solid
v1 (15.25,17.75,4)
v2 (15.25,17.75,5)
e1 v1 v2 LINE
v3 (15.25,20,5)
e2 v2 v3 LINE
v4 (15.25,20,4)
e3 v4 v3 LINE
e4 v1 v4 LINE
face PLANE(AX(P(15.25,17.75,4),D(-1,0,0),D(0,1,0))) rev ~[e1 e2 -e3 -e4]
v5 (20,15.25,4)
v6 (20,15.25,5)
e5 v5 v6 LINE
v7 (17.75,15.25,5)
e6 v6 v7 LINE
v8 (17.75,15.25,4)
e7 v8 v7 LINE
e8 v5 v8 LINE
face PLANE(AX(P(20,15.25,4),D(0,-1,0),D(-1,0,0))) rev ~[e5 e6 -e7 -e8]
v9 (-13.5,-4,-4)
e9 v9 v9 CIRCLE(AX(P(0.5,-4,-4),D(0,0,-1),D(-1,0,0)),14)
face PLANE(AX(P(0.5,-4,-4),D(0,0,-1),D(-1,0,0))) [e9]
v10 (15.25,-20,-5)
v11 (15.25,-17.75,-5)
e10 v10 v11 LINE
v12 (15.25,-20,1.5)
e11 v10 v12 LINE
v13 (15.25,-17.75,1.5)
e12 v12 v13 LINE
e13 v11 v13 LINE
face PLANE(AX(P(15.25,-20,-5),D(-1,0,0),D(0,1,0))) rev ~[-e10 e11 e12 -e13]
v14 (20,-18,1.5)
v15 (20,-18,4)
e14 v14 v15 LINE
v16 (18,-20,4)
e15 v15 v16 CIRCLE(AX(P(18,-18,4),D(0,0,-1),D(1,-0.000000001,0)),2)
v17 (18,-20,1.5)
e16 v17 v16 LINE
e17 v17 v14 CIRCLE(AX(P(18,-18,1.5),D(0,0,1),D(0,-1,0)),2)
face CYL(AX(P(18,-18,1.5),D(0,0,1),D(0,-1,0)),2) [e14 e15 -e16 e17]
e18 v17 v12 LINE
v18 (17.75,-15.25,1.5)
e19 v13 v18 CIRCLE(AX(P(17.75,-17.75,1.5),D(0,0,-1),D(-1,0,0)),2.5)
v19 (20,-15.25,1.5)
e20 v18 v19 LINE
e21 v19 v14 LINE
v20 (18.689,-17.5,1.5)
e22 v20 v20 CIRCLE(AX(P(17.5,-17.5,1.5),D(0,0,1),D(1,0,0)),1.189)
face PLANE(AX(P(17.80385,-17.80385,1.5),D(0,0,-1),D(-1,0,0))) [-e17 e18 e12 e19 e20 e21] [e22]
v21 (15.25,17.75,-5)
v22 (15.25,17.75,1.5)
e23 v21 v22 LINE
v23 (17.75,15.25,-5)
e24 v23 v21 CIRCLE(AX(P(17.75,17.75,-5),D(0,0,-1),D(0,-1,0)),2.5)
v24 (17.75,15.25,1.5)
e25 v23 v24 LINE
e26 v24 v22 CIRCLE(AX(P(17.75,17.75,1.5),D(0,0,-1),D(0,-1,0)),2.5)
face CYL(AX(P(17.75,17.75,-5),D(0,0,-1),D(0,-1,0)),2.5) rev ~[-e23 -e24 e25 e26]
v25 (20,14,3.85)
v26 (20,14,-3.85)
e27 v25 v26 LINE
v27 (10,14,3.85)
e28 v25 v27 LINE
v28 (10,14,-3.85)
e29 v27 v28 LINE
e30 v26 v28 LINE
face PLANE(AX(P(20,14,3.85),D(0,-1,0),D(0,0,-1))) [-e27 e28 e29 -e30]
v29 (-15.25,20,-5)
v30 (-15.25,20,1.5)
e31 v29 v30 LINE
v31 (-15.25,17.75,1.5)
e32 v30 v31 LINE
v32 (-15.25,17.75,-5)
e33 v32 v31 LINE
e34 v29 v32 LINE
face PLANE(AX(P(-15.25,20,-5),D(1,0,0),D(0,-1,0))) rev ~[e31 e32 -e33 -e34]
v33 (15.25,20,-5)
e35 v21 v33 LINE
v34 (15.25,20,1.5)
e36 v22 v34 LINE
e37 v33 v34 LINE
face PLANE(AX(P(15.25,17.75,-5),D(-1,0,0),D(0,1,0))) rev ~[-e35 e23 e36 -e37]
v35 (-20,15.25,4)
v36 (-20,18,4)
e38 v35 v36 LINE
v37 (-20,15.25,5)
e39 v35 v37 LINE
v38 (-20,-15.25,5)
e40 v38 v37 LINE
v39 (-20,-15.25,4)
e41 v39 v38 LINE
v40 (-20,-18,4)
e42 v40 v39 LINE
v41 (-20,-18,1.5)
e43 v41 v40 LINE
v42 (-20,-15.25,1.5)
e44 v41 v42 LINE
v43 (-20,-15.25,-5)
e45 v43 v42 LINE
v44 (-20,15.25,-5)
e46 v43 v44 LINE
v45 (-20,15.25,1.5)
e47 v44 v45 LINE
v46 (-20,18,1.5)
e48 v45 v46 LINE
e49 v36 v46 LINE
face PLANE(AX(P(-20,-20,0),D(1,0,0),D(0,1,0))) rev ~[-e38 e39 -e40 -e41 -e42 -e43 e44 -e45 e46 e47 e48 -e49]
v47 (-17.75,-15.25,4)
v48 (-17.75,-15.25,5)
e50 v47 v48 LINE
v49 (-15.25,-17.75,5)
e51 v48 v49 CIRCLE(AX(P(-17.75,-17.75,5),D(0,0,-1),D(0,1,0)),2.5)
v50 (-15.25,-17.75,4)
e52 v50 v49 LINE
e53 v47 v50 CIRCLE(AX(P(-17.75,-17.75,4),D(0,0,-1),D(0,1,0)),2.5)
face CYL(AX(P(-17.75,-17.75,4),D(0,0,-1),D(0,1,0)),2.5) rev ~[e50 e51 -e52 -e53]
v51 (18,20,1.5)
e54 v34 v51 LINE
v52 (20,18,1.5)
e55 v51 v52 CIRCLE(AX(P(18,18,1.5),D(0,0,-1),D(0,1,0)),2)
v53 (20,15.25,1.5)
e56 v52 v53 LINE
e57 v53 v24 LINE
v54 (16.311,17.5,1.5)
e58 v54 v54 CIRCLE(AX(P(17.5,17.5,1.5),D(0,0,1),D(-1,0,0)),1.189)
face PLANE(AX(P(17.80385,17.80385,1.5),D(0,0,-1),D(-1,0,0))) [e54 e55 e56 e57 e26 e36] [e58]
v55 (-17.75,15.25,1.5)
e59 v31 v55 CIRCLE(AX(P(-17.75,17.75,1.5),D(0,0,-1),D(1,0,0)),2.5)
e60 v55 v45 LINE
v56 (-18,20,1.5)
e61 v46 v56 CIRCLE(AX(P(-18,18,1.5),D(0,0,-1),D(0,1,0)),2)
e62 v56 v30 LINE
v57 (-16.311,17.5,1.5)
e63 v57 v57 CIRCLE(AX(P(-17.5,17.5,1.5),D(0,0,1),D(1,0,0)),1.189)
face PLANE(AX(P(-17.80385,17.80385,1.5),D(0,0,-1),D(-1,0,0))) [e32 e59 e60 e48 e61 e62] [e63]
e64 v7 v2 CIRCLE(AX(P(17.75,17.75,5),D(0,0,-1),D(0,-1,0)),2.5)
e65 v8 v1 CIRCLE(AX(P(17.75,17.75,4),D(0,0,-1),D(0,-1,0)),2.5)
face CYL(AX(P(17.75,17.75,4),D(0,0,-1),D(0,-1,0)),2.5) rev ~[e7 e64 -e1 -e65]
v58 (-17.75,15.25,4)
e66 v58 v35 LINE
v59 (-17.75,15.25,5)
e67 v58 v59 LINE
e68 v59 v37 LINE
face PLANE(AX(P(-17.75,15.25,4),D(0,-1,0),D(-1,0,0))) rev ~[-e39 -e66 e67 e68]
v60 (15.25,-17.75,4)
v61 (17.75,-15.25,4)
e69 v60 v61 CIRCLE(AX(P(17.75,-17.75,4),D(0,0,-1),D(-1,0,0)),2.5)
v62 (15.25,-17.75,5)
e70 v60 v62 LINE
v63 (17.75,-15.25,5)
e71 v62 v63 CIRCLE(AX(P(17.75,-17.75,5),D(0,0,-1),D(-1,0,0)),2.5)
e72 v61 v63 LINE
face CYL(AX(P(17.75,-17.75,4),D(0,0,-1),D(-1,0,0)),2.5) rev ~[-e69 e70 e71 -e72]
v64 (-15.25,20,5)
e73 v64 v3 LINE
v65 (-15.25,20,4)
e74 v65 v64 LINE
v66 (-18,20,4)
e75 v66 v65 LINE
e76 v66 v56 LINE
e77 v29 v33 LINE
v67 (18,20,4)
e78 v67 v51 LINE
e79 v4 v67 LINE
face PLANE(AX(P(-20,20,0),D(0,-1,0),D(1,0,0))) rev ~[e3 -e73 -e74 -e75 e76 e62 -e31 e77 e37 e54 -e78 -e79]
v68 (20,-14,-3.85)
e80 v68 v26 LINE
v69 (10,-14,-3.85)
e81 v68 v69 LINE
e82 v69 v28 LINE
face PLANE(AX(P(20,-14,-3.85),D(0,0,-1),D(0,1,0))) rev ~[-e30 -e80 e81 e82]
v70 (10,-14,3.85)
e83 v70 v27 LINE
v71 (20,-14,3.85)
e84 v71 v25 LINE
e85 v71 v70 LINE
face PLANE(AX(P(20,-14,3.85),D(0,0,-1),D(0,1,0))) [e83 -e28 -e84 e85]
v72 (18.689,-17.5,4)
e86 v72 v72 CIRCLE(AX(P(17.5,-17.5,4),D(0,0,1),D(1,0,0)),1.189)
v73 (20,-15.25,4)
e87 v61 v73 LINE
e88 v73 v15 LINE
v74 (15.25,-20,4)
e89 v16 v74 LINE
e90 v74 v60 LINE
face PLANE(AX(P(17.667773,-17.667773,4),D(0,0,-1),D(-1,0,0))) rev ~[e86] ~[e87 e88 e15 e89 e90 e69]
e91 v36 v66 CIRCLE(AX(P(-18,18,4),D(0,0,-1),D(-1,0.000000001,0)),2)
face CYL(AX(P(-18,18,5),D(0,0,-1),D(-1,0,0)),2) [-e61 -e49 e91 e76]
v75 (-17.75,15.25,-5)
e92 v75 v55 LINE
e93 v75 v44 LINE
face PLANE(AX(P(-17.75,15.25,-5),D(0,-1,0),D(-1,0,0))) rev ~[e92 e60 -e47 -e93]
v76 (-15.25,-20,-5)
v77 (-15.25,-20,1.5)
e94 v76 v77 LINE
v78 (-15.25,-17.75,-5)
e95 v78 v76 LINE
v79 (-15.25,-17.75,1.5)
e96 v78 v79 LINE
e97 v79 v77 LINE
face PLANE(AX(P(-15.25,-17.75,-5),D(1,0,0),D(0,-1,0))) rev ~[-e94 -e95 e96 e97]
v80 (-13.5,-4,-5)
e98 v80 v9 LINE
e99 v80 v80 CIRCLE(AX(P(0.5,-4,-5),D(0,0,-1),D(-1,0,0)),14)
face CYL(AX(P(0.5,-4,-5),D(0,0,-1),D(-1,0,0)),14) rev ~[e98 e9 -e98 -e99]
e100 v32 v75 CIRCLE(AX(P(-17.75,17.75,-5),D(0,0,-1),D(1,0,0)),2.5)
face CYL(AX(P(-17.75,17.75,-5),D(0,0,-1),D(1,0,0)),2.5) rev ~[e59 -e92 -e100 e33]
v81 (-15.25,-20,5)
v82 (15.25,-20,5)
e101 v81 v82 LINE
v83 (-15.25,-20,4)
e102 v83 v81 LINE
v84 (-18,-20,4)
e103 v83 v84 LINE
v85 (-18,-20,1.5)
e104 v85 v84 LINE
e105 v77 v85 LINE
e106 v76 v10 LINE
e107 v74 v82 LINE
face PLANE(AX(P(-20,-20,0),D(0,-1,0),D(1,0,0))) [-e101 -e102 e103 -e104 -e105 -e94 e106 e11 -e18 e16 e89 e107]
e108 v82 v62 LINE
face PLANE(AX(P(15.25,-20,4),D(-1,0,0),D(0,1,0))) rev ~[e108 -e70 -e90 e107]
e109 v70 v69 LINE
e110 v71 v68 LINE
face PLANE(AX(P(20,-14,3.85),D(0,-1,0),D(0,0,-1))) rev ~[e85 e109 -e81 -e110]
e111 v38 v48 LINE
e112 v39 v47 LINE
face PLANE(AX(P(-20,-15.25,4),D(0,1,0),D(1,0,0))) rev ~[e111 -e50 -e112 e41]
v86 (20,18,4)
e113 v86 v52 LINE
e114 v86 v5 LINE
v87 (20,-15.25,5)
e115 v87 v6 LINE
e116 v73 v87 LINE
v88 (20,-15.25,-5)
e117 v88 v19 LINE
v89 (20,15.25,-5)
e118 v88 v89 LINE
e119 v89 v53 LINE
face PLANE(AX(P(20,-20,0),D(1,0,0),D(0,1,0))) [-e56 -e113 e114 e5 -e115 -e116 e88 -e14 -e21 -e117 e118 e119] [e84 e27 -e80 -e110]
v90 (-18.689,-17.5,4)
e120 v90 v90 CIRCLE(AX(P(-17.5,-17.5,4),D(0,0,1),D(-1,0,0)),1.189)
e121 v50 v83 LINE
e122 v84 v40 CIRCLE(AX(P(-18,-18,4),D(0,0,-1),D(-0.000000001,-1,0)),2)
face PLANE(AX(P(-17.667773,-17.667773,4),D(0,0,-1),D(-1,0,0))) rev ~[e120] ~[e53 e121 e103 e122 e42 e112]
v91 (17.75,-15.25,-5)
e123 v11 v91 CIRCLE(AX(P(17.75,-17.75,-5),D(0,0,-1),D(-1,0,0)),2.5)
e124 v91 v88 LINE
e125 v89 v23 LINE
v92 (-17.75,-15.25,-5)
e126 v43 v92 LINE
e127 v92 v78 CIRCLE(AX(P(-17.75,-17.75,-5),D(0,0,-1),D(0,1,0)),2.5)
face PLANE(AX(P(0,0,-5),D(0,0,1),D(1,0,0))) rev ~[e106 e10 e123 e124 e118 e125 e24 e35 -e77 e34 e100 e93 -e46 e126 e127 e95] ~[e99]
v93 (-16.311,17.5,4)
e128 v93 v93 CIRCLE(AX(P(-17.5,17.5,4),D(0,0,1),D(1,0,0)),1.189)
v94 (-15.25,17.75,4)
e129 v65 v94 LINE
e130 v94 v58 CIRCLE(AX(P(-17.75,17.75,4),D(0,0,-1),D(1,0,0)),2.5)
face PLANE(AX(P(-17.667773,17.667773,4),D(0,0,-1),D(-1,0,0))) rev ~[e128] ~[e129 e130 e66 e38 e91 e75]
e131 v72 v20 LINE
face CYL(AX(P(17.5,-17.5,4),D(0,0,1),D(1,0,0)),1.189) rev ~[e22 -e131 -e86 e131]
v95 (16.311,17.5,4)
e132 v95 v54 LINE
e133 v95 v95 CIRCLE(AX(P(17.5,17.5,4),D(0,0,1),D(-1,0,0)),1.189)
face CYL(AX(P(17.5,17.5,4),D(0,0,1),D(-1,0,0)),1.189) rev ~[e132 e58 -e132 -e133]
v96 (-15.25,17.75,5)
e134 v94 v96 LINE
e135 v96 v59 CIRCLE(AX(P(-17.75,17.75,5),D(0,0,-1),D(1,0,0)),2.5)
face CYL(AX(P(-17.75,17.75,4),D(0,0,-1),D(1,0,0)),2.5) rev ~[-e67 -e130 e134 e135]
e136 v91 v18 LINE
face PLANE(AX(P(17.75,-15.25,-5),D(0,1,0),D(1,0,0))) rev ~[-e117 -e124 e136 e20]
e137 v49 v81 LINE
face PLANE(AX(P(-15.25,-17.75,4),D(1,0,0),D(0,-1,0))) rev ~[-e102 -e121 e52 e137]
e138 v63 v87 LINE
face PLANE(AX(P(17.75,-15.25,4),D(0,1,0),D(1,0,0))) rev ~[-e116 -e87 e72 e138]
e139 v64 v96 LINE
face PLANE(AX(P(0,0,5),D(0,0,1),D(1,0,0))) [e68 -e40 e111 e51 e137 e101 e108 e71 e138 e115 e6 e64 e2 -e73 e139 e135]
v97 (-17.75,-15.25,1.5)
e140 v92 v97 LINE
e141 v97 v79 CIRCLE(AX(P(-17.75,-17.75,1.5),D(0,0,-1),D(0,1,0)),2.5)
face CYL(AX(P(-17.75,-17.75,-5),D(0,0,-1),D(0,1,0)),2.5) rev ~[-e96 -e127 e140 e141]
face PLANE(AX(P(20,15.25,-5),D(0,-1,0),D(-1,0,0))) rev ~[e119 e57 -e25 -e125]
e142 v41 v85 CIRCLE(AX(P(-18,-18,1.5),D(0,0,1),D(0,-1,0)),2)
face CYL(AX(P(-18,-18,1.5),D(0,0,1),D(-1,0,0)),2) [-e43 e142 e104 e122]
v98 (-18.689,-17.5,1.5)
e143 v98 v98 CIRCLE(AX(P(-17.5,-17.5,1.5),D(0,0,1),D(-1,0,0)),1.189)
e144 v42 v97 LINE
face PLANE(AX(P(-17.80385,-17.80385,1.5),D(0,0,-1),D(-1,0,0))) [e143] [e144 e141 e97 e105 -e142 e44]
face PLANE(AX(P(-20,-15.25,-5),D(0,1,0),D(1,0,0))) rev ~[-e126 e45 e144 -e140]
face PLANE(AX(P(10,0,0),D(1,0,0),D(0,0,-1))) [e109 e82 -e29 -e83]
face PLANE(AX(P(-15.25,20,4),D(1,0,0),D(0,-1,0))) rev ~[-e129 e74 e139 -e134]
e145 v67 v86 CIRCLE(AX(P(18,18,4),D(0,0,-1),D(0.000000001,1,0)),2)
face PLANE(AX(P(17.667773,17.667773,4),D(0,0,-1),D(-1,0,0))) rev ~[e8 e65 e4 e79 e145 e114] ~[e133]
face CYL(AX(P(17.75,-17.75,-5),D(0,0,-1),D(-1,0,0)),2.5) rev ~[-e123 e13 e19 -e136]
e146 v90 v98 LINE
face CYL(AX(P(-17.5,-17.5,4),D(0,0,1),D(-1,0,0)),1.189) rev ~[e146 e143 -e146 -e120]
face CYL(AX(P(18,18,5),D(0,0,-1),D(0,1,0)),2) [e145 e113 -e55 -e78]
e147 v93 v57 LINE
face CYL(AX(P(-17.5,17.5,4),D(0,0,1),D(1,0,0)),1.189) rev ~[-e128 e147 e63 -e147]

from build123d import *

# Parameters (mm, degrees)
SKETCH_1_W          = 40
SKETCH_1_H          = 40
EXTRUDE_1_DEPTH     = 5
SKETCH_2_W          = 7.7
SKETCH_2_H          = 28
CUT_EXTRUDE_1_DEPTH = 10
CUT_EXTRUDE_2_DEPTH = 6.5
FILLET_1_R          = 2
CUT_EXTRUDE_START   = -1
CUT_EXTRUDE_3_DEPTH = 1
CUT_EXTRUDE_4_REACH = 31.682
SKETCH_5_R          = 1.189
SKETCH_6_R          = 14
CUT_EXTRUDE_5_DEPTH = 1


with BuildPart() as part:
    # 草图1 → 凸台-拉伸1 (new, symmetric)
    with BuildSketch(Plane.XY):
        Rectangle(SKETCH_1_W, SKETCH_1_H)
    extrude(amount=EXTRUDE_1_DEPTH, both=True)

    # 草图2 → 切除-拉伸1 (cut)
    with BuildSketch(Plane(origin=(20, 0, 0), x_dir=(0, 0, -1), z_dir=(1, 0, 0))):
        Rectangle(SKETCH_2_W, SKETCH_2_H)
    extrude(amount=-CUT_EXTRUDE_1_DEPTH, mode=Mode.SUBTRACT)

    # 草图3 → 切除-拉伸2 (cut)
    with BuildSketch(Plane(origin=(0, 0, -5), x_dir=(-1, 0, 0), z_dir=(0, 0, -1))):
        with BuildLine():
            Line((20, 20), (15.25, 20))
            Line((15.25, 20), (15.25, 17.75))
            ThreePointArc((15.25, 17.75), (15.982233047, 15.982233047), (17.75, 15.25))
            Line((17.75, 15.25), (20, 15.25))
            Line((20, 15.25), (20, 20))
        make_face()
        with BuildLine():
            Line((20, -20), (20, -15.25))
            Line((20, -15.25), (17.75, -15.25))
            ThreePointArc((17.75, -15.25), (15.982233047, -15.982233047), (15.25, -17.75))
            Line((15.25, -17.75), (15.25, -20))
            Line((15.25, -20), (20, -20))
        make_face()
        with BuildLine():
            Line((-17.75, -15.25), (-20, -15.25))
            Line((-20, -15.25), (-20, -20))
            Line((-20, -20), (-15.25, -20))
            Line((-15.25, -20), (-15.25, -17.75))
            ThreePointArc((-15.25, -17.75), (-15.982233047, -15.982233047), (-17.75, -15.25))
        make_face()
        with BuildLine():
            Line((-15.25, 17.75), (-15.25, 20))
            Line((-15.25, 20), (-20, 20))
            Line((-20, 20), (-20, 15.25))
            Line((-20, 15.25), (-17.75, 15.25))
            ThreePointArc((-17.75, 15.25), (-15.982233047, 15.982233047), (-15.25, 17.75))
        make_face()
    extrude(amount=-CUT_EXTRUDE_2_DEPTH, mode=Mode.SUBTRACT)

    # 圆角1
    fillet_1_edges = [part.edges().sort_by_distance(p)[0] for p in [
        (20, -20, 3.25),
        (-20, -20, 3.25),
        (-20, 20, 3.25),
        (20, 20, 3.25),
    ]]
    fillet(fillet_1_edges, radius=FILLET_1_R)

    # 草图4 → 切除-拉伸3 (cut)
    with BuildSketch(Plane.XY.offset(5).offset(CUT_EXTRUDE_START)):
        with BuildLine():
            Line((20, -15.25), (20, -18))
            ThreePointArc((20, -18), (19.414213562, -19.414213562), (18, -20))
            Line((18, -20), (15.25, -20))
            Line((15.25, -20), (15.25, -17.75))
            ThreePointArc((15.25, -17.75), (15.982233047, -15.982233047), (17.75, -15.25))
            Line((17.75, -15.25), (20, -15.25))
        make_face()
        with BuildLine():
            Line((-15.25, -20), (-18, -20))
            ThreePointArc((-18, -20), (-19.414213562, -19.414213562), (-20, -18))
            Line((-20, -18), (-20, -15.25))
            Line((-20, -15.25), (-17.75, -15.25))
            ThreePointArc((-17.75, -15.25), (-15.982233047, -15.982233047), (-15.25, -17.75))
            Line((-15.25, -17.75), (-15.25, -20))
        make_face()
        with BuildLine():
            Line((15.25, 20), (18, 20))
            ThreePointArc((18, 20), (19.414213562, 19.414213562), (20, 18))
            Line((20, 18), (20, 15.25))
            Line((20, 15.25), (17.75, 15.25))
            ThreePointArc((17.75, 15.25), (15.982233047, 15.982233047), (15.25, 17.75))
            Line((15.25, 17.75), (15.25, 20))
        make_face()
        with BuildLine():
            Line((-20, 15.25), (-20, 18))
            ThreePointArc((-20, 18), (-19.414213562, 19.414213562), (-18, 20))
            Line((-18, 20), (-15.25, 20))
            Line((-15.25, 20), (-15.25, 17.75))
            ThreePointArc((-15.25, 17.75), (-15.982233047, 15.982233047), (-17.75, 15.25))
            Line((-17.75, 15.25), (-20, 15.25))
        make_face()
    extrude(amount=CUT_EXTRUDE_3_DEPTH, mode=Mode.SUBTRACT)

    # 草图5 → 切除-拉伸4 (cut, up to next)
    with BuildSketch(Plane.XY.offset(4), mode=Mode.PRIVATE) as cut_extrude_4_sk1:
        with Locations((-17.5, 17.5)):
            Circle(SKETCH_5_R)
    cut_extrude_4_tool1 = extrude(cut_extrude_4_sk1.sketch, amount=-CUT_EXTRUDE_4_REACH, mode=Mode.PRIVATE) & part.part
    # 草图5 → 切除-拉伸4 (cut, up to next)
    with BuildSketch(Plane.XY.offset(4), mode=Mode.PRIVATE) as cut_extrude_4_sk2:
        with Locations(Location((-17.5, -17.5, 0), (0, 0, 180))):
            Circle(SKETCH_5_R)
    cut_extrude_4_tool2 = extrude(cut_extrude_4_sk2.sketch, amount=-CUT_EXTRUDE_4_REACH, mode=Mode.PRIVATE) & part.part
    # 草图5 → 切除-拉伸4 (cut, up to next)
    with BuildSketch(Plane.XY.offset(4), mode=Mode.PRIVATE) as cut_extrude_4_sk3:
        with Locations((17.5, -17.5)):
            Circle(SKETCH_5_R)
    cut_extrude_4_tool3 = extrude(cut_extrude_4_sk3.sketch, amount=-CUT_EXTRUDE_4_REACH, mode=Mode.PRIVATE) & part.part
    # 草图5 → 切除-拉伸4 (cut, up to next)
    with BuildSketch(Plane.XY.offset(4), mode=Mode.PRIVATE) as cut_extrude_4_sk4:
        with Locations(Location((17.5, 17.5, 0), (0, 0, 180))):
            Circle(SKETCH_5_R)
    cut_extrude_4_tool4 = extrude(cut_extrude_4_sk4.sketch, amount=-CUT_EXTRUDE_4_REACH, mode=Mode.PRIVATE) & part.part
    add(cut_extrude_4_tool1.solids().sort_by_distance((-17.5, 17.5, 4))[0], mode=Mode.SUBTRACT)
    add(cut_extrude_4_tool2.solids().sort_by_distance((-17.5, -17.5, 4))[0], mode=Mode.SUBTRACT)
    add(cut_extrude_4_tool3.solids().sort_by_distance((17.5, -17.5, 4))[0], mode=Mode.SUBTRACT)
    add(cut_extrude_4_tool4.solids().sort_by_distance((17.5, 17.5, 4))[0], mode=Mode.SUBTRACT)

    # 草图6 → 切除-拉伸5 (cut)
    with BuildSketch(Plane(origin=(0, 0, -5), x_dir=(-1, 0, 0), z_dir=(0, 0, -1))):
        with Locations((-0.5, -4)):
            Circle(SKETCH_6_R)
    extrude(amount=-CUT_EXTRUDE_5_DEPTH, mode=Mode.SUBTRACT)


solid = part.part
